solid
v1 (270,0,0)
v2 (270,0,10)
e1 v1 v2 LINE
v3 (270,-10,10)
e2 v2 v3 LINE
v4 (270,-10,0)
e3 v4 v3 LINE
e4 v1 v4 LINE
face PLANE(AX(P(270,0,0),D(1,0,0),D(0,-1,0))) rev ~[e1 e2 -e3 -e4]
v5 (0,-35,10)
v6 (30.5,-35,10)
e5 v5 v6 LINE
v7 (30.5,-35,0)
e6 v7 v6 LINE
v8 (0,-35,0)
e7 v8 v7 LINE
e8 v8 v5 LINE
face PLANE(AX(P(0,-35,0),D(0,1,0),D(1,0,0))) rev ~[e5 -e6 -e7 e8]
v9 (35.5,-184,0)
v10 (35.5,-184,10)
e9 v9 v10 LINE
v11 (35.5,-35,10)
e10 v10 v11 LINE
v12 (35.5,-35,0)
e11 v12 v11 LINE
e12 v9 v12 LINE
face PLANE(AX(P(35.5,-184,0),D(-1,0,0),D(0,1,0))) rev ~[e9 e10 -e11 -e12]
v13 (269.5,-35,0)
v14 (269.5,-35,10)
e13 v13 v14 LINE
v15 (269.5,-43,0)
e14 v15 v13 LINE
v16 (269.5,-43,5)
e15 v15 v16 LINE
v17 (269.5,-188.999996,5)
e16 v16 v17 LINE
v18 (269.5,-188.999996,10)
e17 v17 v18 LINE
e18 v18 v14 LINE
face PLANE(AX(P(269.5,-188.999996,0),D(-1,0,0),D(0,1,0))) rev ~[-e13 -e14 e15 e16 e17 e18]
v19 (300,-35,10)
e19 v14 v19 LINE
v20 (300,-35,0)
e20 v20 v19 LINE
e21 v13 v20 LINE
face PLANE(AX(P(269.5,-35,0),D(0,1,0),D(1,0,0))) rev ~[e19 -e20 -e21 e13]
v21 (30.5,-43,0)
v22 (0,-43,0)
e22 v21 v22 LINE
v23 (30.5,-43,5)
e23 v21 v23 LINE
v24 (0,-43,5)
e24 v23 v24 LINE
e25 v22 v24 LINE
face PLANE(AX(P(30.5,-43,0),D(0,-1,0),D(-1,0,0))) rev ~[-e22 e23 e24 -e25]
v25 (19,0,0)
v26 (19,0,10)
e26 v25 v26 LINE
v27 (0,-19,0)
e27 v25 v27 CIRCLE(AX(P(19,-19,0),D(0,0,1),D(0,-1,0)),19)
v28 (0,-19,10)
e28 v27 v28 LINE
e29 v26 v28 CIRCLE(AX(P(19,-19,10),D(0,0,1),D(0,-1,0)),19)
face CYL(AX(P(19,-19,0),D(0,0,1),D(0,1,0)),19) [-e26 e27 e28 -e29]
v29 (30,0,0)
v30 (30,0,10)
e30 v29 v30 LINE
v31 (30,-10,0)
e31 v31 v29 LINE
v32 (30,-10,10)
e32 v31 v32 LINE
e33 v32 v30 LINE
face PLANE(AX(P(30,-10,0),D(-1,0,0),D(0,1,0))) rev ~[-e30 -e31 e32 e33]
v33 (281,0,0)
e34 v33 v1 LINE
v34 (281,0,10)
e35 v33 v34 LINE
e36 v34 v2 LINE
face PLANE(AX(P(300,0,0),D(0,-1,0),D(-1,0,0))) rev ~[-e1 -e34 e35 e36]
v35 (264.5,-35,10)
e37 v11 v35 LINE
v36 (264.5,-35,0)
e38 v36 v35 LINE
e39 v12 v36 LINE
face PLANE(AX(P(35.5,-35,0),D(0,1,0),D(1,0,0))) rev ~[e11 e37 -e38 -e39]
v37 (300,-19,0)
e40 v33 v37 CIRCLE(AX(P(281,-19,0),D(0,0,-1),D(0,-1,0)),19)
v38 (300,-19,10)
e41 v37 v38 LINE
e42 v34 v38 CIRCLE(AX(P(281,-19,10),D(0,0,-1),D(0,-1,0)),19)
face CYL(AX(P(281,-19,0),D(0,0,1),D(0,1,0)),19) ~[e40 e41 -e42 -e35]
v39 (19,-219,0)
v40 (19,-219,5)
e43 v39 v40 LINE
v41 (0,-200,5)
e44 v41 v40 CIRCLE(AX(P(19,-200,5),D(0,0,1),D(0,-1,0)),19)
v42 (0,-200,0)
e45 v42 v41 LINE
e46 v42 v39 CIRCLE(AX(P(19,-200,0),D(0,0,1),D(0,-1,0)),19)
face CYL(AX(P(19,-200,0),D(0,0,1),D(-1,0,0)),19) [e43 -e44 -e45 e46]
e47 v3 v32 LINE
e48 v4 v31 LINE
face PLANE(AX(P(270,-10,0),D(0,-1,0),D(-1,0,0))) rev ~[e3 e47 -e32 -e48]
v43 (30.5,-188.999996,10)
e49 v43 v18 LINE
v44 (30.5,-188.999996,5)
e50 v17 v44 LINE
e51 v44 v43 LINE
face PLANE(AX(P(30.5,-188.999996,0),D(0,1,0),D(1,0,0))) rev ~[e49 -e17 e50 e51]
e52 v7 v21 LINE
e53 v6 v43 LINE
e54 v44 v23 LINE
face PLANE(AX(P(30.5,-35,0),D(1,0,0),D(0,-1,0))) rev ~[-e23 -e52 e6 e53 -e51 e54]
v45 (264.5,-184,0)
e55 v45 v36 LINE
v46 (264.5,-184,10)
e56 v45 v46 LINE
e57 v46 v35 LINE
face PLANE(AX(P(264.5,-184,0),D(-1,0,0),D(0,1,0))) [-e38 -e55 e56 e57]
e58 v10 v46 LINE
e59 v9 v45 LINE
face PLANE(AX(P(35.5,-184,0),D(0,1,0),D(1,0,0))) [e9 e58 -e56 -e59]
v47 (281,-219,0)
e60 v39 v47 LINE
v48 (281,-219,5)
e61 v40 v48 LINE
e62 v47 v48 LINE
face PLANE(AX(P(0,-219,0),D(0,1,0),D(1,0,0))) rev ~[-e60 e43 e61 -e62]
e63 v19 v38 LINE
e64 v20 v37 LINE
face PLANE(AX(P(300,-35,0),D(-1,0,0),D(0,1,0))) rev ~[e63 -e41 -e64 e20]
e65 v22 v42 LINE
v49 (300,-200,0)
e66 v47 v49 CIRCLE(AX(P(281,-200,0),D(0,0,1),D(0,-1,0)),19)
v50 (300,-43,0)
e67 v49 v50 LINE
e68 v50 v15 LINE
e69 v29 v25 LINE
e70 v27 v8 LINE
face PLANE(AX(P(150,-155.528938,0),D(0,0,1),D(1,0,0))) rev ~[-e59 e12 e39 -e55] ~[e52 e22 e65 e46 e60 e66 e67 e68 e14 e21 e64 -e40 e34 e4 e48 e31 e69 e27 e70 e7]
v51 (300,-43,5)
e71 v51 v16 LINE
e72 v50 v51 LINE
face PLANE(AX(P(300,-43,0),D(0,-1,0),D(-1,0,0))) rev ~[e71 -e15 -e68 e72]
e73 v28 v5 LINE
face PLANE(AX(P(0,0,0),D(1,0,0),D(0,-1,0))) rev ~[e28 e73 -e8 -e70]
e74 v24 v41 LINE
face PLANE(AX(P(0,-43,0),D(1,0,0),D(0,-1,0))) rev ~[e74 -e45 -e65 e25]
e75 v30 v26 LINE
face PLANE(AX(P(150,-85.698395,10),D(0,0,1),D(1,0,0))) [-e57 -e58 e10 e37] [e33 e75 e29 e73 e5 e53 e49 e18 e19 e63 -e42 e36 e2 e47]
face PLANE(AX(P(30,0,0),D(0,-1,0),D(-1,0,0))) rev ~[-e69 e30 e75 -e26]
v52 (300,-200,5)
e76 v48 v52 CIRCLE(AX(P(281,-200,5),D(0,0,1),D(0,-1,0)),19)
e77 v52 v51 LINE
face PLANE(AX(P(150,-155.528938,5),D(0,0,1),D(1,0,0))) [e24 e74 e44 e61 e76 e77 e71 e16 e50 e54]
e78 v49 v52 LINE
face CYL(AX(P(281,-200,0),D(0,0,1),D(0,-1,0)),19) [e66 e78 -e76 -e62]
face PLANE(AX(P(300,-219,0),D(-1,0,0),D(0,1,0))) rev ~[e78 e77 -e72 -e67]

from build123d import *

# Parameters (mm, degrees)
F0_W     = 229
F0_H     = 149
F1_DEPTH = 10
F2_DEPTH = 5
F3_R     = 19


with BuildPart() as f1:
    # F0 (on Top) → F1 (new body)
    with BuildSketch(Plane.XY):
        Polygon((30, 0), (0, 0), (0, -35), (30.5, -35), (30.5, -43), (30.5, -184), (30.5, -188.999996), (35.5, -188.999996), (264.5, -188.999996), (269.5, -188.999996), (269.5, -184), (269.5, -43), (269.5, -35), (300, -35), (300, 0), (270, 0), (270, -10), (150, -10), (30, -10), align=None)
        with Locations((150, -109.5)):
            Rectangle(F0_W, F0_H, mode=Mode.SUBTRACT)
    extrude(amount=F1_DEPTH)

    # F0 (on Top) → F2 (join)
    with BuildSketch(Plane.XY):
        Polygon((30.5, -43), (0, -43), (0, -219), (300, -219), (300, -43), (269.5, -43), (269.5, -184), (269.5, -188.999996), (264.5, -188.999996), (35.5, -188.999996), (30.5, -188.999996), (30.5, -184), align=None)
    extrude(amount=F2_DEPTH)

    # F3
    f3_edges = [f1.edges().sort_by_distance(p)[0] for p in [
        (0, 0, 5),
        (300, 0, 5),
        (300, -219, 2.5),
        (0, -219, 2.5),
    ]]
    fillet(f3_edges, radius=F3_R)


solid = f1.part
